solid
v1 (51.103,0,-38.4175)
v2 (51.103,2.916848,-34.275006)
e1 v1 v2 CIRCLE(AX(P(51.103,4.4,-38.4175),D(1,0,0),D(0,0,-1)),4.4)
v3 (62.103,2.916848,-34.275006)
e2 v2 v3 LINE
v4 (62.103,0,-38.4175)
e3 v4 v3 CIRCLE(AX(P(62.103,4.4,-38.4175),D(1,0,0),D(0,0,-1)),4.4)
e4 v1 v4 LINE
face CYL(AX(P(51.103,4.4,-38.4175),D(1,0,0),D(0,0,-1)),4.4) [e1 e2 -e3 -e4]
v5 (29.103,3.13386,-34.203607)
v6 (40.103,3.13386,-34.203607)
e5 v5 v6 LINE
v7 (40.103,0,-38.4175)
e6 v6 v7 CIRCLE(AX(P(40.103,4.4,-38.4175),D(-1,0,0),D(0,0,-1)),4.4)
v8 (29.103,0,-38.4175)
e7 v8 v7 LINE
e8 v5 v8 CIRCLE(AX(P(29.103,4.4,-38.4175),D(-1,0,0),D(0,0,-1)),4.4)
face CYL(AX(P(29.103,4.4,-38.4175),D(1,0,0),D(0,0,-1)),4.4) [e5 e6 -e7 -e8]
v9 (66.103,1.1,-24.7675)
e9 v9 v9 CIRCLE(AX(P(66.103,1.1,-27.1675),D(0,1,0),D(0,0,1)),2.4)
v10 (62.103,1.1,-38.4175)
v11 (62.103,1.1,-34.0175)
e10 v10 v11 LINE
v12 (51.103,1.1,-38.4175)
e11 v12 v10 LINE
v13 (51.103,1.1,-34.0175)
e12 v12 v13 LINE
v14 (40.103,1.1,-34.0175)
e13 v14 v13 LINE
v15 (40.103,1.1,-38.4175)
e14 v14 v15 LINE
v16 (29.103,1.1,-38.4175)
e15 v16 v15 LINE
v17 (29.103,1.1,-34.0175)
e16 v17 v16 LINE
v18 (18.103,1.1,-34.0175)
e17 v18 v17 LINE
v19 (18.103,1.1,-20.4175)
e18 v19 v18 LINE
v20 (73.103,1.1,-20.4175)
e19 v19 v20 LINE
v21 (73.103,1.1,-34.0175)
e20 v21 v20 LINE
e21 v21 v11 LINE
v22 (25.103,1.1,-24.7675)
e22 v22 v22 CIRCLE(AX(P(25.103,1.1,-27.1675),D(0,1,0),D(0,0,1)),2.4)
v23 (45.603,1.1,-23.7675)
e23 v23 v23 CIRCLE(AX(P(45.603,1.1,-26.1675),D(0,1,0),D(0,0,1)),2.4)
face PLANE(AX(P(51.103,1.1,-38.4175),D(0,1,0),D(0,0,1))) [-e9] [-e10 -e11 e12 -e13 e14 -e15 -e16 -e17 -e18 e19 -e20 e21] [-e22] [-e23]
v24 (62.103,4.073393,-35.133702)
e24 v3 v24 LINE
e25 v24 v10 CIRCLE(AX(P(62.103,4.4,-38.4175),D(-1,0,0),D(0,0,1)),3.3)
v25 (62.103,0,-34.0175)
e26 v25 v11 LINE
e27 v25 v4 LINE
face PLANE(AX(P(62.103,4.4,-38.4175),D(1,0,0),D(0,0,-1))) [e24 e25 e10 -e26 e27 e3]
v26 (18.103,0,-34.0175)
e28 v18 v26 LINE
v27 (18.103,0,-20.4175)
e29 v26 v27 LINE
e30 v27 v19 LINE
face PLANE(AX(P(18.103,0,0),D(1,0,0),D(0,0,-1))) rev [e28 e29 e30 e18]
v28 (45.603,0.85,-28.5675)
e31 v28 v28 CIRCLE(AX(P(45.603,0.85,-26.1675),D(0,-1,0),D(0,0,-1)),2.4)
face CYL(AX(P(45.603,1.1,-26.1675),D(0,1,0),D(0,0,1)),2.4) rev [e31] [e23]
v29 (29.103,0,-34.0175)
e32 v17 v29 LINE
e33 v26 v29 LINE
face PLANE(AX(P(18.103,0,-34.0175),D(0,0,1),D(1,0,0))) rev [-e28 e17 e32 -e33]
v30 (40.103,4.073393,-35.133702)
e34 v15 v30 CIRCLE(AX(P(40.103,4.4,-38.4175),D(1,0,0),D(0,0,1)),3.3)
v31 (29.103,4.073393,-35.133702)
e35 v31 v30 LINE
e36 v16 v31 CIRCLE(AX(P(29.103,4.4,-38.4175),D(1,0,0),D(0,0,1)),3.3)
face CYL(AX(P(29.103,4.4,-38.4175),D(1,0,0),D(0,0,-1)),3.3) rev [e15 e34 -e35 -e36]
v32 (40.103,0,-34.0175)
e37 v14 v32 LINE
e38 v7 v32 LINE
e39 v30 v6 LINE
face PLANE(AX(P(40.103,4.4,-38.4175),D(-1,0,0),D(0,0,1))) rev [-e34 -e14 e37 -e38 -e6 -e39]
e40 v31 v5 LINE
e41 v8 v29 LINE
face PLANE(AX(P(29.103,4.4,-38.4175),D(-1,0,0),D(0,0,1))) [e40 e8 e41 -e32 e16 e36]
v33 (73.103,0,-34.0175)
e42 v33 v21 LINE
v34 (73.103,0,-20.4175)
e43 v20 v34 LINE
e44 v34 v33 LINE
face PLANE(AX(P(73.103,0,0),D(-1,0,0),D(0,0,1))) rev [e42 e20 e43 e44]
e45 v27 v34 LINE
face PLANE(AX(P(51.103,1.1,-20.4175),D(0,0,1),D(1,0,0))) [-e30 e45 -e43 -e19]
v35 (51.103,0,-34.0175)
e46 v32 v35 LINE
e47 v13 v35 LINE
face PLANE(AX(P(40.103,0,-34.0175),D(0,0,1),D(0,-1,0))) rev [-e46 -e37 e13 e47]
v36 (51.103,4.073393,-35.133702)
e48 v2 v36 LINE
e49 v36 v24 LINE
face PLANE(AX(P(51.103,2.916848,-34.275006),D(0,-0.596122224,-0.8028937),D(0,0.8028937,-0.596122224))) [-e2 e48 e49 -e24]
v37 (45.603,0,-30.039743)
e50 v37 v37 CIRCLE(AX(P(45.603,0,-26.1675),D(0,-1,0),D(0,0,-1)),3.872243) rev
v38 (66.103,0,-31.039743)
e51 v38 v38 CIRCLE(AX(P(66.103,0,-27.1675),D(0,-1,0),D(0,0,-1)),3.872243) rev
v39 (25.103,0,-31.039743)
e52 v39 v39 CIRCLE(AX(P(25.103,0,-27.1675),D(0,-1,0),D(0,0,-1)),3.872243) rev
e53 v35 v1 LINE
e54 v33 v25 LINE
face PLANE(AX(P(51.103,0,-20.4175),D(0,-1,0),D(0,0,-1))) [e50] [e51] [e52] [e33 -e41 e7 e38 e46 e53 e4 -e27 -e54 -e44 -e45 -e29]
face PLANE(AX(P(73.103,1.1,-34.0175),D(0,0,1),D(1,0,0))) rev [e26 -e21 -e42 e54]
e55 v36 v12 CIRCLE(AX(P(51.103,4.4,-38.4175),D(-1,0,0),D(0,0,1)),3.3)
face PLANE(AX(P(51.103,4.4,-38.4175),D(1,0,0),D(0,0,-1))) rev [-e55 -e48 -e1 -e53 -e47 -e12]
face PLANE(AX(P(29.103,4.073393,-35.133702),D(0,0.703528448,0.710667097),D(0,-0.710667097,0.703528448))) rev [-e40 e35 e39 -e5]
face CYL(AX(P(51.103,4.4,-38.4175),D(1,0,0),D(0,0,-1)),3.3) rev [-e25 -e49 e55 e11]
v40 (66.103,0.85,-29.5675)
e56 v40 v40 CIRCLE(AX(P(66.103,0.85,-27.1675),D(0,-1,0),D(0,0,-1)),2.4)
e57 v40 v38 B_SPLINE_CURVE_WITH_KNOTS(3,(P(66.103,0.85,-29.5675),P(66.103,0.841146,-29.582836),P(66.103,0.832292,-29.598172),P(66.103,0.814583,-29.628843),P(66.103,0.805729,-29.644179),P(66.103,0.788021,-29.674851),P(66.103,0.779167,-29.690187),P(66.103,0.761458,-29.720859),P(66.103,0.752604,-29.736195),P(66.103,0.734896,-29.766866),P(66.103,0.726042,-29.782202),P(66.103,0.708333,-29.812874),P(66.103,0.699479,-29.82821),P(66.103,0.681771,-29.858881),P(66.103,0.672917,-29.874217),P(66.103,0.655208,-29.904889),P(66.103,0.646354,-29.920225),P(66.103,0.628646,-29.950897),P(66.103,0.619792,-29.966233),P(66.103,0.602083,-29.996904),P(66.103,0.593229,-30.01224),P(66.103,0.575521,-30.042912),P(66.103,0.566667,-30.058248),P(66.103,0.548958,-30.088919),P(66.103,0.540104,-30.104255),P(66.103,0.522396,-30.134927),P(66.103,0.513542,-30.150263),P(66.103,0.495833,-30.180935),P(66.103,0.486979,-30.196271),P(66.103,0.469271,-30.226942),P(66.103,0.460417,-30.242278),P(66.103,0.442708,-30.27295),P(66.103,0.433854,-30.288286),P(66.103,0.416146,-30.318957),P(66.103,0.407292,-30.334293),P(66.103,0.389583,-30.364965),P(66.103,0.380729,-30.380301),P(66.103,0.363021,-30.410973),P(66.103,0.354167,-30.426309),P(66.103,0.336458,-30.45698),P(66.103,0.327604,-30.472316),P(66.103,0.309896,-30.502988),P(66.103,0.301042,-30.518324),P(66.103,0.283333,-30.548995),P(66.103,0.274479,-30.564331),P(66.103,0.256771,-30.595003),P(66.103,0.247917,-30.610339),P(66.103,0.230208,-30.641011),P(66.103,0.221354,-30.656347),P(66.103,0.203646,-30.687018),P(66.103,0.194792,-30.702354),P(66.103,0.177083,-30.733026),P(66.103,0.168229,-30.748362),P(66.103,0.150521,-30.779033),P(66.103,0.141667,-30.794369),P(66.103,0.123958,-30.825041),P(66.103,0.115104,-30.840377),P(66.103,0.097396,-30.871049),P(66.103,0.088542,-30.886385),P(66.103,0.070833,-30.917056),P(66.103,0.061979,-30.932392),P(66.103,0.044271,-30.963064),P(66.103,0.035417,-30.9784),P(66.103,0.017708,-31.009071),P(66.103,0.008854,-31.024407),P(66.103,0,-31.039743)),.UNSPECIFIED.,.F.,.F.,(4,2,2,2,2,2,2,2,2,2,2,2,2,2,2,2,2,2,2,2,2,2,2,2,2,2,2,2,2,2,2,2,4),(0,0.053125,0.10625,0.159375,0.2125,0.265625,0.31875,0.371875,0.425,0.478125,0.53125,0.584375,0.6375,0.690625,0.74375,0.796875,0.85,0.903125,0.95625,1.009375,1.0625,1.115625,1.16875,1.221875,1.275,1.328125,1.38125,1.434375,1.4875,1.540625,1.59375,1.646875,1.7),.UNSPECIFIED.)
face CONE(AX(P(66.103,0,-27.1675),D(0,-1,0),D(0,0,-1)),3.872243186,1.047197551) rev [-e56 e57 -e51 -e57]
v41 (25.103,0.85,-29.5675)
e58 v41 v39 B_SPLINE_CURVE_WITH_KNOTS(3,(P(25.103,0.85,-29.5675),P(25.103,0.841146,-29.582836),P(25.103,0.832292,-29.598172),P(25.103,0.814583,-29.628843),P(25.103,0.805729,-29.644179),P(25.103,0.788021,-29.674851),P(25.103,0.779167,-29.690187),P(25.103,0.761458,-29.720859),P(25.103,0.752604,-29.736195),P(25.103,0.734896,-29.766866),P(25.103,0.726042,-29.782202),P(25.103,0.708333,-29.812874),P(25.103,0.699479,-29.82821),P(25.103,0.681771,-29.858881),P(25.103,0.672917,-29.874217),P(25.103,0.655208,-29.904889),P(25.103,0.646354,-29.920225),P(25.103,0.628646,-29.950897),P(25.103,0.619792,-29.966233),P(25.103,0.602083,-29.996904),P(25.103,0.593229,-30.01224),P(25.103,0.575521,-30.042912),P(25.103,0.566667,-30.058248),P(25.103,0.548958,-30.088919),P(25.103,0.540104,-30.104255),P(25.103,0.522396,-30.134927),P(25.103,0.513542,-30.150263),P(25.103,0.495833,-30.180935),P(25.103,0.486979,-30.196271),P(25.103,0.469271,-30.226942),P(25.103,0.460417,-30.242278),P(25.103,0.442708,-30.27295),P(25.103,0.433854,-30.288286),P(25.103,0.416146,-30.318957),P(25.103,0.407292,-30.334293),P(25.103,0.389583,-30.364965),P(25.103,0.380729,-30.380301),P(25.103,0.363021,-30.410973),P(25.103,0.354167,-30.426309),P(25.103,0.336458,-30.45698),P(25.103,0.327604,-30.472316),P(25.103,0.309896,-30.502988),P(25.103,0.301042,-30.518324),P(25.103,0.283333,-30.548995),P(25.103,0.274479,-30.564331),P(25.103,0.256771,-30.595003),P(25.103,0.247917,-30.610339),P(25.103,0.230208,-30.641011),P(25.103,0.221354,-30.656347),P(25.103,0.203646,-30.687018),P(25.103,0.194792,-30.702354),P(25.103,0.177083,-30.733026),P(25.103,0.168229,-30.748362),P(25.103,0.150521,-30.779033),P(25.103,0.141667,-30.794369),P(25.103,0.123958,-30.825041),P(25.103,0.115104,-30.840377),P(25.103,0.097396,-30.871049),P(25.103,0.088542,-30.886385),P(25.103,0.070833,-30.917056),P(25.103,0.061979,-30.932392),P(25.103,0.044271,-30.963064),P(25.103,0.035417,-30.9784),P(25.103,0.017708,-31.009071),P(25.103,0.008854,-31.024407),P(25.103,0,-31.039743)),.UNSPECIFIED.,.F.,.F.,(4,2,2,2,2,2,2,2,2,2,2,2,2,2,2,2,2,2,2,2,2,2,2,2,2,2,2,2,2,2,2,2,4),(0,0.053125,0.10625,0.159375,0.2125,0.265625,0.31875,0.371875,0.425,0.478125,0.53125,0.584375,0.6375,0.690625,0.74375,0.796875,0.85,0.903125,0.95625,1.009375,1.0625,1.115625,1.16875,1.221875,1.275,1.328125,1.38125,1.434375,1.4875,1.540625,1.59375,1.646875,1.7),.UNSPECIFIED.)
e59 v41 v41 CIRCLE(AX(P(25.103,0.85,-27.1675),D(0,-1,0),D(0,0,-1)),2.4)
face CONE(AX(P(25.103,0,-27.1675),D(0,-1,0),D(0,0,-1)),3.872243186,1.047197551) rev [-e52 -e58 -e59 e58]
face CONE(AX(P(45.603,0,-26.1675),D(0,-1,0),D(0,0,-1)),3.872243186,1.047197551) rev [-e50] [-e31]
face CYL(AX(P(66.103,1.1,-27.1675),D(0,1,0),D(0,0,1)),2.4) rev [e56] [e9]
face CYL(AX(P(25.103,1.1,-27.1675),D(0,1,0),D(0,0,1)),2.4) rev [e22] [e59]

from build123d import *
from OCP.BRepFilletAPI import BRepFilletAPI_MakeChamfer

# Parameters (mm, degrees)
BOSS_EXTRUDE1_DEPTH = 11
SKETCH2_W           = 13.6
SKETCH2_H           = 1.1
BOSS_EXTRUDE2_DEPTH = 11
BOSS_EXTRUDE3_DEPTH = 11
SKETCH4_W           = 13.6
SKETCH4_H           = 1.1
BOSS_EXTRUDE4_DEPTH = 11
SKETCH5_W           = 13.6
SKETCH5_H           = 1.1
BOSS_EXTRUDE5_DEPTH = 11
HOLE_WIZARD_M4_1_D  = 4.8
CHAMFER1_SIZE       = 0.85
CHAMFER1_SIZE2      = 1.472243186


with BuildPart() as part:
    # Sketch1 → Boss-Extrude1 (new body)
    with BuildSketch(Plane(origin=(62.103, 0, 0), x_dir=(0, 0, -1), z_dir=(1, 0, 0))):
        with BuildLine():
            Line((34.275005652, 2.916847756), (35.133702257, 4.073392616))
            ThreePointArc((35.133702257, 4.073392616), (40.63247129, 6.846201583), (38.4175, 1.1))
            Line((38.4175, 1.1), (20.4175, 1.1))
            Line((20.4175, 1.1), (20.4175, 0))
            Line((20.4175, 0), (38.4175, 0))
            ThreePointArc((38.4175, 0), (40.950692662, 7.997629072), (34.275005652, 2.916847756))
        make_face()
    extrude(amount=-BOSS_EXTRUDE1_DEPTH)

    # Sketch2 → Boss-Extrude2 (add)
    with BuildSketch(Plane.ZY.offset(-51.103)):
        with Locations((-27.2175, 0.55)):
            Rectangle(SKETCH2_W, SKETCH2_H)
    extrude(amount=BOSS_EXTRUDE2_DEPTH)

    # Sketch3 → Boss-Extrude3 (add)
    with BuildSketch(Plane.ZY.offset(-40.103)):
        with BuildLine():
            Line((-38.4175, 1.1), (-20.4175, 1.1))
            Line((-20.4175, 1.1), (-20.4175, 0))
            Line((-20.4175, 0), (-38.4175, 0))
            ThreePointArc((-38.4175, 0), (-41.043236571, 7.930652555), (-34.203607486, 3.133860244))
            Line((-34.203607486, 3.133860244), (-35.133702257, 4.073392616))
            ThreePointArc((-35.133702257, 4.073392616), (-40.63247129, 6.846201583), (-38.4175, 1.1))
        make_face()
    extrude(amount=BOSS_EXTRUDE3_DEPTH)

    # Sketch4 → Boss-Extrude4 (add)
    with BuildSketch(Plane.ZY.offset(-29.103)):
        with Locations((-27.2175, 0.55)):
            Rectangle(SKETCH4_W, SKETCH4_H)
    extrude(amount=BOSS_EXTRUDE4_DEPTH)

    # Sketch5 → Boss-Extrude5 (add)
    with BuildSketch(Plane(origin=(62.103, 0, 0), x_dir=(0, 0, -1), z_dir=(1, 0, 0))):
        with Locations((27.2175, 0.55)):
            Rectangle(SKETCH5_W, SKETCH5_H)
    extrude(amount=BOSS_EXTRUDE5_DEPTH)

    # M4 间隙孔1 (through all)
    with Locations(Plane(origin=(0, 1.1, 0), x_dir=(1, 0, 0), z_dir=(0, 1, 0))):
        with Locations((45.603, 26.1675), (25.103, 27.1675), (66.103, 27.1675)):
            Hole(HOLE_WIZARD_M4_1_D / 2)

    # Chamfer1: one chamfer whose edges measure the first distance from different faces: ONE call of the kernel's chamfer builder (chamfer() names one face for all edges)
    chamfer1_edges_1 = [part.edges().sort_by_distance(p)[0] for p in [
        (68.503, 0, -27.1675),
    ]]
    chamfer1_side_1 = [part.faces().sort_by_distance(p)[0] for p in [
        (68.503, 0.55, -27.1675),
    ]]
    chamfer1_edges_2 = [part.edges().sort_by_distance(p)[0] for p in [
        (27.503, 0, -27.1675),
    ]]
    chamfer1_side_2 = [part.faces().sort_by_distance(p)[0] for p in [
        (27.503, 0.55, -27.1675),
    ]]
    chamfer1_edges_3 = [part.edges().sort_by_distance(p)[0] for p in [
        (48.003, 0, -26.1675),
    ]]
    chamfer1_side_3 = [part.faces().sort_by_distance(p)[0] for p in [
        (48.003, 0.55, -26.1675),
    ]]
    chamfer1 = BRepFilletAPI_MakeChamfer(part.part.solid().wrapped)
    for e in chamfer1_edges_1:
        chamfer1.Add(CHAMFER1_SIZE, CHAMFER1_SIZE2, e.wrapped, chamfer1_side_1[0].wrapped)  # the first distance lies on this face
    for e in chamfer1_edges_2:
        chamfer1.Add(CHAMFER1_SIZE, CHAMFER1_SIZE2, e.wrapped, chamfer1_side_2[0].wrapped)  # the first distance lies on this face
    for e in chamfer1_edges_3:
        chamfer1.Add(CHAMFER1_SIZE, CHAMFER1_SIZE2, e.wrapped, chamfer1_side_3[0].wrapped)  # the first distance lies on this face
    add(Compound.cast(chamfer1.Shape()), mode=Mode.REPLACE)


solid = part.part
